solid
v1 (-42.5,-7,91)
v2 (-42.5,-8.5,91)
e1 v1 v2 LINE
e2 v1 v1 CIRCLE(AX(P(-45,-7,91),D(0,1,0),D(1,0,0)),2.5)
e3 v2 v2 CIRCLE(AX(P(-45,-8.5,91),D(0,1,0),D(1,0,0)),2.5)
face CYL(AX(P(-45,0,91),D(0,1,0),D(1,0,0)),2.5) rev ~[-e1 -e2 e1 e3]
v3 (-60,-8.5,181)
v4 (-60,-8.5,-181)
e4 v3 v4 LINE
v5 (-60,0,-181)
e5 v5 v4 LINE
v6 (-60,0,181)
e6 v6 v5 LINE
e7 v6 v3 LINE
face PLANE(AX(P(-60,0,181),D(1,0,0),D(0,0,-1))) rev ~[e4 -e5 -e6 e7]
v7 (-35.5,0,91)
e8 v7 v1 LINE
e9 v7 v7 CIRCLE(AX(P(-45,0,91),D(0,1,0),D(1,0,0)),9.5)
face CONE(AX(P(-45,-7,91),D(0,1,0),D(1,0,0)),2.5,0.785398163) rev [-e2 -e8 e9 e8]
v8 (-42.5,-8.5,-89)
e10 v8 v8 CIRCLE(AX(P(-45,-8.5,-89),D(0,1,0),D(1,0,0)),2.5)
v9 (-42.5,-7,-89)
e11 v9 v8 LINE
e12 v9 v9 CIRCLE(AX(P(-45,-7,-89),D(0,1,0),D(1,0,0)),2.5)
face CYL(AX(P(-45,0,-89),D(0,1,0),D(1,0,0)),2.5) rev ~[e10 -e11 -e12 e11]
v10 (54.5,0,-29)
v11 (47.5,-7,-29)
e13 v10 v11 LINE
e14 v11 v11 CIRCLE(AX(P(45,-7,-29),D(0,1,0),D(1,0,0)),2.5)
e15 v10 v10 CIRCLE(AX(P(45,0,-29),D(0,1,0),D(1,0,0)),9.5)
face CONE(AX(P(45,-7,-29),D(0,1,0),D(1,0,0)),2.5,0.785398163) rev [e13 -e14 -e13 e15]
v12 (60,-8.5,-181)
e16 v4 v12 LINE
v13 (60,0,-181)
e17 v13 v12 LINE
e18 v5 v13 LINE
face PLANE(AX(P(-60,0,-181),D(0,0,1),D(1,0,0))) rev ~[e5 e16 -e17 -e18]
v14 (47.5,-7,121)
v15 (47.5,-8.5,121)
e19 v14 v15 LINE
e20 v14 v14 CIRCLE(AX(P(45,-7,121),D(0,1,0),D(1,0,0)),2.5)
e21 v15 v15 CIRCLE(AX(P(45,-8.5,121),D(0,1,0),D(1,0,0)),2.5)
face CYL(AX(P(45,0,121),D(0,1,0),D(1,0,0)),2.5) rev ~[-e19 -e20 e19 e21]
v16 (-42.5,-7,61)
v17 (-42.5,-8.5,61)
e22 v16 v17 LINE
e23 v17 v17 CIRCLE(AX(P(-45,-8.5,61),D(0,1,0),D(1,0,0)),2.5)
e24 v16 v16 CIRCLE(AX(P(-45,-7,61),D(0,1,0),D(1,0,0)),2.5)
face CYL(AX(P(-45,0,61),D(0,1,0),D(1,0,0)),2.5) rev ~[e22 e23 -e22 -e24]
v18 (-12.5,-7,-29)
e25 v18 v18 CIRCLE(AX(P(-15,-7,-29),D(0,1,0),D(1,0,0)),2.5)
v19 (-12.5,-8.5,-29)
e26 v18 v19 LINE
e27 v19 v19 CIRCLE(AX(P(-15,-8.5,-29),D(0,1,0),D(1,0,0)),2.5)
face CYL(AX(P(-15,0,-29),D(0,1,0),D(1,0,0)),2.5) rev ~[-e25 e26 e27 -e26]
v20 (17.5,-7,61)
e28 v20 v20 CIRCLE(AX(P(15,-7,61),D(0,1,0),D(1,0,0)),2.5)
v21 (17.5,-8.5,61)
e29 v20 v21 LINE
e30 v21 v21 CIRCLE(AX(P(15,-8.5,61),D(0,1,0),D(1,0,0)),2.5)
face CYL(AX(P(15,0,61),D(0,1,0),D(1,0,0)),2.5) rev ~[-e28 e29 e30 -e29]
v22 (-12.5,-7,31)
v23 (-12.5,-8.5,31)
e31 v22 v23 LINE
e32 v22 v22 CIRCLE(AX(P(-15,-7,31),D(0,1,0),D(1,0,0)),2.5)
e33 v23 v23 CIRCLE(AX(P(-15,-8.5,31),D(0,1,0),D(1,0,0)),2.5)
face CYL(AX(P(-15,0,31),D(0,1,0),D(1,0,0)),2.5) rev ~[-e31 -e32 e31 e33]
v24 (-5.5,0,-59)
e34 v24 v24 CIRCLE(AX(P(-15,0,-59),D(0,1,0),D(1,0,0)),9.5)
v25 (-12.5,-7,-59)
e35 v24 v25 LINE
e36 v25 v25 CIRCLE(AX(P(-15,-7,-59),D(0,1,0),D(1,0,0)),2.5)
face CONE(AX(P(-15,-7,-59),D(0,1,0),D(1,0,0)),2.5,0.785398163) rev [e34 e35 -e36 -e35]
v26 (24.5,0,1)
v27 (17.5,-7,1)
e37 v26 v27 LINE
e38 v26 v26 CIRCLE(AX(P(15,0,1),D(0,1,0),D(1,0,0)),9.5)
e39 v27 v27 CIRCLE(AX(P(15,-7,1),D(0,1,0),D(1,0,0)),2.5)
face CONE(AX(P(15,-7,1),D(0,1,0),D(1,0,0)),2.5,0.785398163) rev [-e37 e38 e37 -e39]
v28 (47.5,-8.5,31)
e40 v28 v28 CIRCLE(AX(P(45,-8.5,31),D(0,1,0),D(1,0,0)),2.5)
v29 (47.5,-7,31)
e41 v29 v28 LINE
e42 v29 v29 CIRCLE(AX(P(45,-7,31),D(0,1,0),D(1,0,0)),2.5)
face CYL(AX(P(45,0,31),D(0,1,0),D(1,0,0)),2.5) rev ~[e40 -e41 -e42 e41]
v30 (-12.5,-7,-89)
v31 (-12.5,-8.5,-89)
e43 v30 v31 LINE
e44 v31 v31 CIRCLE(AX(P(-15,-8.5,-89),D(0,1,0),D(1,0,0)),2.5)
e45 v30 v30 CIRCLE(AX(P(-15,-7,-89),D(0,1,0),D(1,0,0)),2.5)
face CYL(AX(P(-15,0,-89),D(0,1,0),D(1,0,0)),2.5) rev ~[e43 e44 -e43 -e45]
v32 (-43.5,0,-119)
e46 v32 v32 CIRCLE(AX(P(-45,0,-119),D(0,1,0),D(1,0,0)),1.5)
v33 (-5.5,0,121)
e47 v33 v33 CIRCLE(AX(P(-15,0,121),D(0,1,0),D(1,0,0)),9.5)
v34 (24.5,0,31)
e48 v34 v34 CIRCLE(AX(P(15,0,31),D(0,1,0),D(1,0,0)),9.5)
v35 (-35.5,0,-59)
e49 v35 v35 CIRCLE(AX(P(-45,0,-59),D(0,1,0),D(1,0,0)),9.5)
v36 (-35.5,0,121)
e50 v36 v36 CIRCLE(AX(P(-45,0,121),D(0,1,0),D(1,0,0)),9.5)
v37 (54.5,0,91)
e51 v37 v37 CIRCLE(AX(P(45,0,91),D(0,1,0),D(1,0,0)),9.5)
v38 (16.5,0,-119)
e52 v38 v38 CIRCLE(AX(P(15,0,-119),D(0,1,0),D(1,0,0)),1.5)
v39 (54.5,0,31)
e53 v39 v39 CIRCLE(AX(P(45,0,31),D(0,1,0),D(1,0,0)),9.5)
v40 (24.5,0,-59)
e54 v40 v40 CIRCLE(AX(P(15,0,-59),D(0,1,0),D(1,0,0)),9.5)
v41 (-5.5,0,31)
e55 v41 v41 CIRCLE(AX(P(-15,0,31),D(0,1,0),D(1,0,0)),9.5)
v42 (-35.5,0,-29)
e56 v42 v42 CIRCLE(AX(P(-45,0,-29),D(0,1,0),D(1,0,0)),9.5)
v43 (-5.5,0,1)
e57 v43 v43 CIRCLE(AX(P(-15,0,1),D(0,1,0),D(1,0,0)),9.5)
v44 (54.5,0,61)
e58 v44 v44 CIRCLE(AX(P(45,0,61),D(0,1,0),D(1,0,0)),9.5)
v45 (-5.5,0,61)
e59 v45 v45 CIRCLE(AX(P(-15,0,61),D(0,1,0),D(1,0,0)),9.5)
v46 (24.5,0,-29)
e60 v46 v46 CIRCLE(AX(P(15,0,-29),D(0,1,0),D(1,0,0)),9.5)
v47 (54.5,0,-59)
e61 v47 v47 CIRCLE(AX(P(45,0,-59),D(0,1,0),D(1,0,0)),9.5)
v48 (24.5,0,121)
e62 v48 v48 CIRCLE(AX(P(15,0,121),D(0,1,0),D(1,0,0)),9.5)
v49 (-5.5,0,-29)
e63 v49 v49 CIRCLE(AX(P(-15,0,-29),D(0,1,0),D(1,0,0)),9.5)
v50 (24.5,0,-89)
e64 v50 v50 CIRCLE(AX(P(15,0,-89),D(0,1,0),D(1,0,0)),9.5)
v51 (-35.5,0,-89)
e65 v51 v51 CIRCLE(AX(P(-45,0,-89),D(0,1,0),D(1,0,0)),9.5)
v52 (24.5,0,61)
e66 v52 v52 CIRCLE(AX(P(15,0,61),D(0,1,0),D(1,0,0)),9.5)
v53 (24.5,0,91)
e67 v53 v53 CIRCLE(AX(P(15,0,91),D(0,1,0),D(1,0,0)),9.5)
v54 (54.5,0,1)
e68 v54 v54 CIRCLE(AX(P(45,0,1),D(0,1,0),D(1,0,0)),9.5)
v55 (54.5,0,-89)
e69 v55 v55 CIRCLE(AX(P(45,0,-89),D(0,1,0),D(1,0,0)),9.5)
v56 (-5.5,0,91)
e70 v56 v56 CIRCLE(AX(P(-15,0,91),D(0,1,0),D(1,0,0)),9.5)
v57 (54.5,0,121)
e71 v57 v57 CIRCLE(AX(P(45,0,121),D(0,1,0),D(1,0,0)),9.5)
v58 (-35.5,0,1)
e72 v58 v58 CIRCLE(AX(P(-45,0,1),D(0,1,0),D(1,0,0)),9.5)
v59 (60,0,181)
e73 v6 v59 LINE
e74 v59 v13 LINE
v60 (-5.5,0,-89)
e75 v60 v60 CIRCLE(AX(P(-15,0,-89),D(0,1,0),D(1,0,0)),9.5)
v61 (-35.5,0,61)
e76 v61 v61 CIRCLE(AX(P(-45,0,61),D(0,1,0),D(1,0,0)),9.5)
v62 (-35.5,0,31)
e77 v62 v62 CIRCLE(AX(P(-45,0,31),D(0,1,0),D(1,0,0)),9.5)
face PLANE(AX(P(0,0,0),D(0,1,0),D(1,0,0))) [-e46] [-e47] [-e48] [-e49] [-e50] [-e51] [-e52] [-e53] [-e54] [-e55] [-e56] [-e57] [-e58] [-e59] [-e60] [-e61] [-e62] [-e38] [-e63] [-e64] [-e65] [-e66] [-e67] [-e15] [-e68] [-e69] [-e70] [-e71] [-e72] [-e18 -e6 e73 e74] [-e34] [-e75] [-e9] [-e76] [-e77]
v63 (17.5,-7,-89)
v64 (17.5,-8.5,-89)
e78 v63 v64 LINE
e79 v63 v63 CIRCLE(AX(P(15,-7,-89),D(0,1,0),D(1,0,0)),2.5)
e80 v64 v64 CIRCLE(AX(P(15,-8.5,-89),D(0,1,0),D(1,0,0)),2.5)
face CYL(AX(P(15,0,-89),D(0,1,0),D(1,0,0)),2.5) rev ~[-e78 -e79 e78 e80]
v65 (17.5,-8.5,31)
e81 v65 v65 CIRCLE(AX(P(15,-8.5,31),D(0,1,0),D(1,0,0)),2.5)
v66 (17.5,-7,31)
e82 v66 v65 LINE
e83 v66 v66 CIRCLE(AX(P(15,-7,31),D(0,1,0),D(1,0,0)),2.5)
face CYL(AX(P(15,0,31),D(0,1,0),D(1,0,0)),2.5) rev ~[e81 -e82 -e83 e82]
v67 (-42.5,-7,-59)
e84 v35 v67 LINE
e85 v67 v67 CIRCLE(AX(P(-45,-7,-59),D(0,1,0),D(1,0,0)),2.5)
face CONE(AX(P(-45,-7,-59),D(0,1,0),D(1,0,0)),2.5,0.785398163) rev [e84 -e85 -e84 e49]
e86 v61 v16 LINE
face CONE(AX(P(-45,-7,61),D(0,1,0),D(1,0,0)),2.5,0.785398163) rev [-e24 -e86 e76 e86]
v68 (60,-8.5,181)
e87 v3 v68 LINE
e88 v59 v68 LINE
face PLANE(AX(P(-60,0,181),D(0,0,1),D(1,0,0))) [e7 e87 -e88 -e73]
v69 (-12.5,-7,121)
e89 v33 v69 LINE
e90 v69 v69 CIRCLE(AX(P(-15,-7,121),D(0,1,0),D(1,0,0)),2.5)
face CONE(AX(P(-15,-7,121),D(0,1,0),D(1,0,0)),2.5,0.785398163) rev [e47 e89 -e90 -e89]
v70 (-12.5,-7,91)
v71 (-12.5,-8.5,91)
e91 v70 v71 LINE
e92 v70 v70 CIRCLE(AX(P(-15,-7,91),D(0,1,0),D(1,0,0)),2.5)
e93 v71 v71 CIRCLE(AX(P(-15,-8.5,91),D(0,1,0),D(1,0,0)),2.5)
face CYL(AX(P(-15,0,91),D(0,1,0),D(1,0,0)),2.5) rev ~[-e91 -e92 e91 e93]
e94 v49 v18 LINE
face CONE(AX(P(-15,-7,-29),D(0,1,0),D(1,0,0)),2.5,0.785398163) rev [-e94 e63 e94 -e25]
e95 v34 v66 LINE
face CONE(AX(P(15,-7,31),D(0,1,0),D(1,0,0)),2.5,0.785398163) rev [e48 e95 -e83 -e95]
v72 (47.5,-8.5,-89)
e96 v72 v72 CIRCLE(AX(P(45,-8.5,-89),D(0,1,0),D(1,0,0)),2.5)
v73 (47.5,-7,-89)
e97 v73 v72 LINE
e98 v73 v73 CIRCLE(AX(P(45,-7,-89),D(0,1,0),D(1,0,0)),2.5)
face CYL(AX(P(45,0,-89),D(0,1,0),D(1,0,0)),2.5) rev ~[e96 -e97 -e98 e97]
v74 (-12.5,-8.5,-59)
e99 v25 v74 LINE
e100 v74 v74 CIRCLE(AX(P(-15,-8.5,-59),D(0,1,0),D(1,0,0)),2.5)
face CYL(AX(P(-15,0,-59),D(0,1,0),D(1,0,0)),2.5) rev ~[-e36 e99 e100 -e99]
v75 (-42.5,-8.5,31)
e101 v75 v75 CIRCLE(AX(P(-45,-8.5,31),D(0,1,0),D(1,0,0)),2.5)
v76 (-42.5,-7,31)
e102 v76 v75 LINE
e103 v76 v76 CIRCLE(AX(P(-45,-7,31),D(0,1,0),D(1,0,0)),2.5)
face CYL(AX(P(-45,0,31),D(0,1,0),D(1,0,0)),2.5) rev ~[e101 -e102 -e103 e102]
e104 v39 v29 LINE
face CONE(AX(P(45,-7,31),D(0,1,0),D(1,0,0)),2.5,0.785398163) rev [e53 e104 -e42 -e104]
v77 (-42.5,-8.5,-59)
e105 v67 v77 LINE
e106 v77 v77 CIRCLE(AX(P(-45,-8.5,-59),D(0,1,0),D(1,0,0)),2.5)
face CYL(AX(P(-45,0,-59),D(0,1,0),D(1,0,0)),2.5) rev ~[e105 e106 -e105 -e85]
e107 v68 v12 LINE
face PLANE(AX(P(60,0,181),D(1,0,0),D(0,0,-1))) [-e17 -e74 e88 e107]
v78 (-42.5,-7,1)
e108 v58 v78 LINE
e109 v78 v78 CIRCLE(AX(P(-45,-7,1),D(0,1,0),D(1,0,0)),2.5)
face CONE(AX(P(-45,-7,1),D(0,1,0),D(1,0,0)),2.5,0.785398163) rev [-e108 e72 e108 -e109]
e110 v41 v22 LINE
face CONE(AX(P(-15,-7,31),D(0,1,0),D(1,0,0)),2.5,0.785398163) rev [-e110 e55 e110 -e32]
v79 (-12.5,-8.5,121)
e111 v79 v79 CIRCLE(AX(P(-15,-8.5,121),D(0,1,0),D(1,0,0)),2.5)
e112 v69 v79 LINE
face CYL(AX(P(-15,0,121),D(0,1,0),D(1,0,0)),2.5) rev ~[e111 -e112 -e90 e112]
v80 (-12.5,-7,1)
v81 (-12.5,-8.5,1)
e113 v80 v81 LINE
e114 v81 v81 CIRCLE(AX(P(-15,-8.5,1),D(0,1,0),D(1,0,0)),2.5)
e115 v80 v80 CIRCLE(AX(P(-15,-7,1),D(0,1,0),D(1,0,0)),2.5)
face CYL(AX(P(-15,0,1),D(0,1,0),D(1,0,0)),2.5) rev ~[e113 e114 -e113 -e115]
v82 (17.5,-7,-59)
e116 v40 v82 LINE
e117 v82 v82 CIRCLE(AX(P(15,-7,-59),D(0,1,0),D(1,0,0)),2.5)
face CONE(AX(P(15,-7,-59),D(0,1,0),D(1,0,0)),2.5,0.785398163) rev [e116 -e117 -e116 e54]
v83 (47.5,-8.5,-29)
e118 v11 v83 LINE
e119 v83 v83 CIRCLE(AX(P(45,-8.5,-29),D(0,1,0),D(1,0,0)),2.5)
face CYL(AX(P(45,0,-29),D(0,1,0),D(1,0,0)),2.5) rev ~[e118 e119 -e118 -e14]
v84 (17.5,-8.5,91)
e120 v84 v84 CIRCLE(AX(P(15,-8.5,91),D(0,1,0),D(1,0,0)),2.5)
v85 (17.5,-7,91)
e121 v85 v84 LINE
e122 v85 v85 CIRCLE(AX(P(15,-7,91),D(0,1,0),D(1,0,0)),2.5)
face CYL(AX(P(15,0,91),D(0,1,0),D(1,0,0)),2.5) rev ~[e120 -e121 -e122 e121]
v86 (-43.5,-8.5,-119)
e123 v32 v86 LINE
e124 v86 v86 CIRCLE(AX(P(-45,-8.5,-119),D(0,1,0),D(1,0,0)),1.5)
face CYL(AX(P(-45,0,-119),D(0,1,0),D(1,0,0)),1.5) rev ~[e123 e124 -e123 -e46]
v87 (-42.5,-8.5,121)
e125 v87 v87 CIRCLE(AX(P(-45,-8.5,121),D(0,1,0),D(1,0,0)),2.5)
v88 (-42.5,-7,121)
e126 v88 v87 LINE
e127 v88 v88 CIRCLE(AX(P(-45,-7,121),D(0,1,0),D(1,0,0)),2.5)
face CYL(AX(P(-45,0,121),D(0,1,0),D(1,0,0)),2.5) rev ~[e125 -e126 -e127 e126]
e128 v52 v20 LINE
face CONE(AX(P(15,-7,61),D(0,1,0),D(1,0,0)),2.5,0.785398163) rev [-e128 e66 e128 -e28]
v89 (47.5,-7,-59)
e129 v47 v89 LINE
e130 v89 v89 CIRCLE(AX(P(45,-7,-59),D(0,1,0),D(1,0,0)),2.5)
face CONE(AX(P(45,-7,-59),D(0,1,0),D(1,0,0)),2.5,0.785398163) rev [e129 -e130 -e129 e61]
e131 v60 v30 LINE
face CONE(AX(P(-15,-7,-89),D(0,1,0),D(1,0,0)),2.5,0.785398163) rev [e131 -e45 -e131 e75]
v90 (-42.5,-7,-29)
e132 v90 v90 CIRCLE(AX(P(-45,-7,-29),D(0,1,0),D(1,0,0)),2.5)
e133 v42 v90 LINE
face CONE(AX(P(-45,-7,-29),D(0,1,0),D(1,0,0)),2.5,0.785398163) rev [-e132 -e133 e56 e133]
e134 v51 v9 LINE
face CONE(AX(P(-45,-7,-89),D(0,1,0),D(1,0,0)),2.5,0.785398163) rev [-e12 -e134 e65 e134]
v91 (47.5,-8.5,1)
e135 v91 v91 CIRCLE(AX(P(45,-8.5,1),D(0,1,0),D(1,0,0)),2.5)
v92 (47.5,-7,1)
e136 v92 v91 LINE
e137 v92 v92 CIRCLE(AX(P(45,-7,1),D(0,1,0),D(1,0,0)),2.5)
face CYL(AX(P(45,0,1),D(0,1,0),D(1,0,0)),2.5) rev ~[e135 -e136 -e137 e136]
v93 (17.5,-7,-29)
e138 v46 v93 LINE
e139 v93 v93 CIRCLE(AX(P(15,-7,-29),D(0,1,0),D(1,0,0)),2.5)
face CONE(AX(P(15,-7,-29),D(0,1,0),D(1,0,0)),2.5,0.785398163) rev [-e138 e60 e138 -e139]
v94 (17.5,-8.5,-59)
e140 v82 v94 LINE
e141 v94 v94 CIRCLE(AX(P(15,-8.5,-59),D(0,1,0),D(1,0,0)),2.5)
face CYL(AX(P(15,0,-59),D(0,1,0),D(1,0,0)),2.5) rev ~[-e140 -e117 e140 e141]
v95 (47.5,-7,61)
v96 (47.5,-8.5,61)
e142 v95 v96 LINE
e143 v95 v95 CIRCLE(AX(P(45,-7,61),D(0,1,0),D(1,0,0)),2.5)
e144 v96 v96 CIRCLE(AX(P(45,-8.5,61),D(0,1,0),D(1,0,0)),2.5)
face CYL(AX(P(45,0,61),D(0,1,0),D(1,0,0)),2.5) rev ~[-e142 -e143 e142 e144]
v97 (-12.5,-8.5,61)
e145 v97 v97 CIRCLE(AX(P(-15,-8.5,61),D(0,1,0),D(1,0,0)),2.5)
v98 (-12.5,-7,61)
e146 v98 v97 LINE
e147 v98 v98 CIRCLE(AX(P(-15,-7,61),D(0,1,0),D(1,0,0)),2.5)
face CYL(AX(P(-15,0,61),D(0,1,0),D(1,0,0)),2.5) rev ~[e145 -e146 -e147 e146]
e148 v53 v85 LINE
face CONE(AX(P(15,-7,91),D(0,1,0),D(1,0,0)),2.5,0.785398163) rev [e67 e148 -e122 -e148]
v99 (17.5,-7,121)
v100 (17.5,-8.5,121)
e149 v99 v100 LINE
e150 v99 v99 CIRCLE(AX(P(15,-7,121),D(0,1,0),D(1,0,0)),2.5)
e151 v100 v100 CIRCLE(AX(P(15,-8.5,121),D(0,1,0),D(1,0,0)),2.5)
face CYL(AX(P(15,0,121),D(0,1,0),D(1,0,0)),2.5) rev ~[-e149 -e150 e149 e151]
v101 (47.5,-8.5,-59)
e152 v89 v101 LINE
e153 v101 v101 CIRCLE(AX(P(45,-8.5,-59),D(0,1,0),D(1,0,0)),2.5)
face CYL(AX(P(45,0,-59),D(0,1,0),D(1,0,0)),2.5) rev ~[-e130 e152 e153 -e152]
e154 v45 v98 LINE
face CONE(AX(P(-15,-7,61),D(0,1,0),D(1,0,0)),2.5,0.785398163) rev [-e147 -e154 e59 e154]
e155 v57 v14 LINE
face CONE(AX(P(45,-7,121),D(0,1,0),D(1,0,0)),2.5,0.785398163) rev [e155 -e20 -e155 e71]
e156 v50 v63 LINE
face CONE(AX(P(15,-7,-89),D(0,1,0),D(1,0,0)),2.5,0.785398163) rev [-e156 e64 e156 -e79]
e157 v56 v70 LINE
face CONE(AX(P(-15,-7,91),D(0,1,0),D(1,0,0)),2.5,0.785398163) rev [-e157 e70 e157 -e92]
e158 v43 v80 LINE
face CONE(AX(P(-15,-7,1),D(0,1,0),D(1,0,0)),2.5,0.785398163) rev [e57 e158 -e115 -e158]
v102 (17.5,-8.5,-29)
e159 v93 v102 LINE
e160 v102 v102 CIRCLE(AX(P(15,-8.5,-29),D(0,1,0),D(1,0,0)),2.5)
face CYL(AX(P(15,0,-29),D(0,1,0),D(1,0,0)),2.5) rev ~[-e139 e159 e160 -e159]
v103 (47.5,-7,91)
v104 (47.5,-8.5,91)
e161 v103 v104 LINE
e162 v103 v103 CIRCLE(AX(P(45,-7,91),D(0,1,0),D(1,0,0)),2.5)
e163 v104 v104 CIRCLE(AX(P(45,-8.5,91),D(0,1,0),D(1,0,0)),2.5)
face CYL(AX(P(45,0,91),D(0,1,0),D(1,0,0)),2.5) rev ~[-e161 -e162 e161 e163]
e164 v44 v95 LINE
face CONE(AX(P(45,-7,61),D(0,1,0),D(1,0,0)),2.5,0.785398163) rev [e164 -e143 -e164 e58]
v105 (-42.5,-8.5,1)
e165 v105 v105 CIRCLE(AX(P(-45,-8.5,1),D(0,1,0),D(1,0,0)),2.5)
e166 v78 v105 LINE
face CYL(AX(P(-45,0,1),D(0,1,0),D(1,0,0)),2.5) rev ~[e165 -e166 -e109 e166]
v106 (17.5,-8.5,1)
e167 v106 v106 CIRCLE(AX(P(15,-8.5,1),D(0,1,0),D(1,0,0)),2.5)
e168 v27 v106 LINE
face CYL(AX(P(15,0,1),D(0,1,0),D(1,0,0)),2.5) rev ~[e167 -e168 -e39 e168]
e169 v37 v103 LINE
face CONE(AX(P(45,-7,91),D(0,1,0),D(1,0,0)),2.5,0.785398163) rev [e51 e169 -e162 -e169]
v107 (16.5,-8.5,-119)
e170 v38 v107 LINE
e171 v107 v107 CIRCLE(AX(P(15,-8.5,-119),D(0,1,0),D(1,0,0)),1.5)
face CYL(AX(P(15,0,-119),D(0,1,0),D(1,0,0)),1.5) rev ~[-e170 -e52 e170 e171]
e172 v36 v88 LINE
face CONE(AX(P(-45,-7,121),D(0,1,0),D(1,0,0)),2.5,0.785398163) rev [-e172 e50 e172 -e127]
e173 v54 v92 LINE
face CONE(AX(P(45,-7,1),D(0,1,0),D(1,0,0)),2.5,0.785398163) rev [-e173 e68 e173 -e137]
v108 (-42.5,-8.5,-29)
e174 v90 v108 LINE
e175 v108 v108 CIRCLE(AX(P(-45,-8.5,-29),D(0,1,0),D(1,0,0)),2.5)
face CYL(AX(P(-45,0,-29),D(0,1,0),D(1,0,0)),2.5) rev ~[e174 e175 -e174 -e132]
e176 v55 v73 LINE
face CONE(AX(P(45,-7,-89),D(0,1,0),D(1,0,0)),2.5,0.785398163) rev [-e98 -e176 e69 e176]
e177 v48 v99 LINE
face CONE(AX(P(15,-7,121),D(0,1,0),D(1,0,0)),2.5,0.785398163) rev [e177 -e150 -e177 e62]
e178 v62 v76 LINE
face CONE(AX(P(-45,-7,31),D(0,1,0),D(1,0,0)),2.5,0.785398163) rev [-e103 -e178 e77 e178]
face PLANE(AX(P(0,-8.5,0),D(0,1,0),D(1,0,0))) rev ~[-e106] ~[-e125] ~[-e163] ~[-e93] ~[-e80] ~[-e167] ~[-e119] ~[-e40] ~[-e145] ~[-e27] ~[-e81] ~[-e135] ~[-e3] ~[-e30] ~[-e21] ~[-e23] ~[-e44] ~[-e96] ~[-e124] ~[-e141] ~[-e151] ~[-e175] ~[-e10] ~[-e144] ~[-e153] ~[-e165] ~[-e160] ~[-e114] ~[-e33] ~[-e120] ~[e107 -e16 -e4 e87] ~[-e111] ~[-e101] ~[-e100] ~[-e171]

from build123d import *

# Parameters (mm, degrees)
ESQUISSE1_W             = 120
ESQUISSE1_H             = 362
BOSS_EXTRU_1_DEPTH      = 8.5
ESQUISSE2_R             = 2.5
ESQUISSE2_R_2           = 1.5
ENL_V_MAT_EXTRU_1_DEPTH = 9.5
CHANFREIN1_SIZE         = 7


with BuildPart() as part:
    # Esquisse1 → Boss.-Extru.1 (new body)
    with BuildSketch(Plane(origin=(0, 0, 0), x_dir=(1, 0, 0), z_dir=(0, 1, 0))):
        Rectangle(ESQUISSE1_W, ESQUISSE1_H)
    extrude(amount=-BOSS_EXTRU_1_DEPTH)

    # Esquisse2 → Enlèv. mat.-Extru.1 (cut, through all)
    with BuildSketch(Plane(origin=(0, 0, 0), x_dir=(1, 0, 0), z_dir=(0, 1, 0))):
        with Locations((-45, 89)):
            Circle(ESQUISSE2_R)
        with Locations((-45, 119)):
            Circle(ESQUISSE2_R_2)
        with Locations((15, 119)):
            Circle(ESQUISSE2_R_2)
        with Locations((-15, 89)):
            Circle(ESQUISSE2_R)
        with Locations((15, 89)):
            Circle(ESQUISSE2_R)
        with Locations((45, 89)):
            Circle(ESQUISSE2_R)
        with Locations((-15, 59)):
            Circle(ESQUISSE2_R)
        with Locations((15, 59)):
            Circle(ESQUISSE2_R)
        with Locations((45, 59)):
            Circle(ESQUISSE2_R)
        with Locations((-15, 29)):
            Circle(ESQUISSE2_R)
        with Locations((15, 29)):
            Circle(ESQUISSE2_R)
        with Locations((45, 29)):
            Circle(ESQUISSE2_R)
        with Locations((-15, -1)):
            Circle(ESQUISSE2_R)
        with Locations((15, -1)):
            Circle(ESQUISSE2_R)
        with Locations((45, -1)):
            Circle(ESQUISSE2_R)
        with Locations((-15, -31)):
            Circle(ESQUISSE2_R)
        with Locations((15, -31)):
            Circle(ESQUISSE2_R)
        with Locations((45, -31)):
            Circle(ESQUISSE2_R)
        with Locations((-15, -61)):
            Circle(ESQUISSE2_R)
        with Locations((15, -61)):
            Circle(ESQUISSE2_R)
        with Locations((45, -61)):
            Circle(ESQUISSE2_R)
        with Locations((-15, -91)):
            Circle(ESQUISSE2_R)
        with Locations((15, -91)):
            Circle(ESQUISSE2_R)
        with Locations((45, -91)):
            Circle(ESQUISSE2_R)
        with Locations((-15, -121)):
            Circle(ESQUISSE2_R)
        with Locations((15, -121)):
            Circle(ESQUISSE2_R)
        with Locations((45, -121)):
            Circle(ESQUISSE2_R)
        with Locations((-45, 59)):
            Circle(ESQUISSE2_R)
        with Locations((-45, 29)):
            Circle(ESQUISSE2_R)
        with Locations((-45, -1)):
            Circle(ESQUISSE2_R)
        with Locations((-45, -31)):
            Circle(ESQUISSE2_R)
        with Locations((-45, -61)):
            Circle(ESQUISSE2_R)
        with Locations((-45, -91)):
            Circle(ESQUISSE2_R)
        with Locations((-45, -121)):
            Circle(ESQUISSE2_R)
    extrude(amount=-ENL_V_MAT_EXTRU_1_DEPTH, mode=Mode.SUBTRACT)

    # Chanfrein1
    chanfrein1_edges = [part.edges().sort_by_distance(p)[0] for p in [
        (12.5, 0, 31),
        (42.5, 0, 31),
        (12.5, 0, 1),
        (-17.5, 0, 1),
        (42.5, 0, -29),
        (12.5, 0, -29),
        (-47.5, 0, 121),
        (-47.5, 0, -89),
        (12.5, 0, 121),
        (-17.5, 0, 121),
        (42.5, 0, 91),
        (12.5, 0, 91),
        (-17.5, 0, 61),
        (12.5, 0, 61),
        (42.5, 0, 61),
        (-17.5, 0, 91),
        (-47.5, 0, 31),
        (-47.5, 0, 61),
        (-47.5, 0, 91),
        (42.5, 0, 121),
        (-47.5, 0, -59),
        (-47.5, 0, -29),
        (-47.5, 0, 1),
        (-17.5, 0, -89),
        (12.5, 0, -89),
        (42.5, 0, -89),
        (-17.5, 0, -29),
        (42.5, 0, -59),
        (12.5, 0, -59),
        (-17.5, 0, -59),
        (42.5, 0, 1),
        (-17.5, 0, 31),
    ]]
    chamfer(chanfrein1_edges, length=CHANFREIN1_SIZE)


solid = part.part
